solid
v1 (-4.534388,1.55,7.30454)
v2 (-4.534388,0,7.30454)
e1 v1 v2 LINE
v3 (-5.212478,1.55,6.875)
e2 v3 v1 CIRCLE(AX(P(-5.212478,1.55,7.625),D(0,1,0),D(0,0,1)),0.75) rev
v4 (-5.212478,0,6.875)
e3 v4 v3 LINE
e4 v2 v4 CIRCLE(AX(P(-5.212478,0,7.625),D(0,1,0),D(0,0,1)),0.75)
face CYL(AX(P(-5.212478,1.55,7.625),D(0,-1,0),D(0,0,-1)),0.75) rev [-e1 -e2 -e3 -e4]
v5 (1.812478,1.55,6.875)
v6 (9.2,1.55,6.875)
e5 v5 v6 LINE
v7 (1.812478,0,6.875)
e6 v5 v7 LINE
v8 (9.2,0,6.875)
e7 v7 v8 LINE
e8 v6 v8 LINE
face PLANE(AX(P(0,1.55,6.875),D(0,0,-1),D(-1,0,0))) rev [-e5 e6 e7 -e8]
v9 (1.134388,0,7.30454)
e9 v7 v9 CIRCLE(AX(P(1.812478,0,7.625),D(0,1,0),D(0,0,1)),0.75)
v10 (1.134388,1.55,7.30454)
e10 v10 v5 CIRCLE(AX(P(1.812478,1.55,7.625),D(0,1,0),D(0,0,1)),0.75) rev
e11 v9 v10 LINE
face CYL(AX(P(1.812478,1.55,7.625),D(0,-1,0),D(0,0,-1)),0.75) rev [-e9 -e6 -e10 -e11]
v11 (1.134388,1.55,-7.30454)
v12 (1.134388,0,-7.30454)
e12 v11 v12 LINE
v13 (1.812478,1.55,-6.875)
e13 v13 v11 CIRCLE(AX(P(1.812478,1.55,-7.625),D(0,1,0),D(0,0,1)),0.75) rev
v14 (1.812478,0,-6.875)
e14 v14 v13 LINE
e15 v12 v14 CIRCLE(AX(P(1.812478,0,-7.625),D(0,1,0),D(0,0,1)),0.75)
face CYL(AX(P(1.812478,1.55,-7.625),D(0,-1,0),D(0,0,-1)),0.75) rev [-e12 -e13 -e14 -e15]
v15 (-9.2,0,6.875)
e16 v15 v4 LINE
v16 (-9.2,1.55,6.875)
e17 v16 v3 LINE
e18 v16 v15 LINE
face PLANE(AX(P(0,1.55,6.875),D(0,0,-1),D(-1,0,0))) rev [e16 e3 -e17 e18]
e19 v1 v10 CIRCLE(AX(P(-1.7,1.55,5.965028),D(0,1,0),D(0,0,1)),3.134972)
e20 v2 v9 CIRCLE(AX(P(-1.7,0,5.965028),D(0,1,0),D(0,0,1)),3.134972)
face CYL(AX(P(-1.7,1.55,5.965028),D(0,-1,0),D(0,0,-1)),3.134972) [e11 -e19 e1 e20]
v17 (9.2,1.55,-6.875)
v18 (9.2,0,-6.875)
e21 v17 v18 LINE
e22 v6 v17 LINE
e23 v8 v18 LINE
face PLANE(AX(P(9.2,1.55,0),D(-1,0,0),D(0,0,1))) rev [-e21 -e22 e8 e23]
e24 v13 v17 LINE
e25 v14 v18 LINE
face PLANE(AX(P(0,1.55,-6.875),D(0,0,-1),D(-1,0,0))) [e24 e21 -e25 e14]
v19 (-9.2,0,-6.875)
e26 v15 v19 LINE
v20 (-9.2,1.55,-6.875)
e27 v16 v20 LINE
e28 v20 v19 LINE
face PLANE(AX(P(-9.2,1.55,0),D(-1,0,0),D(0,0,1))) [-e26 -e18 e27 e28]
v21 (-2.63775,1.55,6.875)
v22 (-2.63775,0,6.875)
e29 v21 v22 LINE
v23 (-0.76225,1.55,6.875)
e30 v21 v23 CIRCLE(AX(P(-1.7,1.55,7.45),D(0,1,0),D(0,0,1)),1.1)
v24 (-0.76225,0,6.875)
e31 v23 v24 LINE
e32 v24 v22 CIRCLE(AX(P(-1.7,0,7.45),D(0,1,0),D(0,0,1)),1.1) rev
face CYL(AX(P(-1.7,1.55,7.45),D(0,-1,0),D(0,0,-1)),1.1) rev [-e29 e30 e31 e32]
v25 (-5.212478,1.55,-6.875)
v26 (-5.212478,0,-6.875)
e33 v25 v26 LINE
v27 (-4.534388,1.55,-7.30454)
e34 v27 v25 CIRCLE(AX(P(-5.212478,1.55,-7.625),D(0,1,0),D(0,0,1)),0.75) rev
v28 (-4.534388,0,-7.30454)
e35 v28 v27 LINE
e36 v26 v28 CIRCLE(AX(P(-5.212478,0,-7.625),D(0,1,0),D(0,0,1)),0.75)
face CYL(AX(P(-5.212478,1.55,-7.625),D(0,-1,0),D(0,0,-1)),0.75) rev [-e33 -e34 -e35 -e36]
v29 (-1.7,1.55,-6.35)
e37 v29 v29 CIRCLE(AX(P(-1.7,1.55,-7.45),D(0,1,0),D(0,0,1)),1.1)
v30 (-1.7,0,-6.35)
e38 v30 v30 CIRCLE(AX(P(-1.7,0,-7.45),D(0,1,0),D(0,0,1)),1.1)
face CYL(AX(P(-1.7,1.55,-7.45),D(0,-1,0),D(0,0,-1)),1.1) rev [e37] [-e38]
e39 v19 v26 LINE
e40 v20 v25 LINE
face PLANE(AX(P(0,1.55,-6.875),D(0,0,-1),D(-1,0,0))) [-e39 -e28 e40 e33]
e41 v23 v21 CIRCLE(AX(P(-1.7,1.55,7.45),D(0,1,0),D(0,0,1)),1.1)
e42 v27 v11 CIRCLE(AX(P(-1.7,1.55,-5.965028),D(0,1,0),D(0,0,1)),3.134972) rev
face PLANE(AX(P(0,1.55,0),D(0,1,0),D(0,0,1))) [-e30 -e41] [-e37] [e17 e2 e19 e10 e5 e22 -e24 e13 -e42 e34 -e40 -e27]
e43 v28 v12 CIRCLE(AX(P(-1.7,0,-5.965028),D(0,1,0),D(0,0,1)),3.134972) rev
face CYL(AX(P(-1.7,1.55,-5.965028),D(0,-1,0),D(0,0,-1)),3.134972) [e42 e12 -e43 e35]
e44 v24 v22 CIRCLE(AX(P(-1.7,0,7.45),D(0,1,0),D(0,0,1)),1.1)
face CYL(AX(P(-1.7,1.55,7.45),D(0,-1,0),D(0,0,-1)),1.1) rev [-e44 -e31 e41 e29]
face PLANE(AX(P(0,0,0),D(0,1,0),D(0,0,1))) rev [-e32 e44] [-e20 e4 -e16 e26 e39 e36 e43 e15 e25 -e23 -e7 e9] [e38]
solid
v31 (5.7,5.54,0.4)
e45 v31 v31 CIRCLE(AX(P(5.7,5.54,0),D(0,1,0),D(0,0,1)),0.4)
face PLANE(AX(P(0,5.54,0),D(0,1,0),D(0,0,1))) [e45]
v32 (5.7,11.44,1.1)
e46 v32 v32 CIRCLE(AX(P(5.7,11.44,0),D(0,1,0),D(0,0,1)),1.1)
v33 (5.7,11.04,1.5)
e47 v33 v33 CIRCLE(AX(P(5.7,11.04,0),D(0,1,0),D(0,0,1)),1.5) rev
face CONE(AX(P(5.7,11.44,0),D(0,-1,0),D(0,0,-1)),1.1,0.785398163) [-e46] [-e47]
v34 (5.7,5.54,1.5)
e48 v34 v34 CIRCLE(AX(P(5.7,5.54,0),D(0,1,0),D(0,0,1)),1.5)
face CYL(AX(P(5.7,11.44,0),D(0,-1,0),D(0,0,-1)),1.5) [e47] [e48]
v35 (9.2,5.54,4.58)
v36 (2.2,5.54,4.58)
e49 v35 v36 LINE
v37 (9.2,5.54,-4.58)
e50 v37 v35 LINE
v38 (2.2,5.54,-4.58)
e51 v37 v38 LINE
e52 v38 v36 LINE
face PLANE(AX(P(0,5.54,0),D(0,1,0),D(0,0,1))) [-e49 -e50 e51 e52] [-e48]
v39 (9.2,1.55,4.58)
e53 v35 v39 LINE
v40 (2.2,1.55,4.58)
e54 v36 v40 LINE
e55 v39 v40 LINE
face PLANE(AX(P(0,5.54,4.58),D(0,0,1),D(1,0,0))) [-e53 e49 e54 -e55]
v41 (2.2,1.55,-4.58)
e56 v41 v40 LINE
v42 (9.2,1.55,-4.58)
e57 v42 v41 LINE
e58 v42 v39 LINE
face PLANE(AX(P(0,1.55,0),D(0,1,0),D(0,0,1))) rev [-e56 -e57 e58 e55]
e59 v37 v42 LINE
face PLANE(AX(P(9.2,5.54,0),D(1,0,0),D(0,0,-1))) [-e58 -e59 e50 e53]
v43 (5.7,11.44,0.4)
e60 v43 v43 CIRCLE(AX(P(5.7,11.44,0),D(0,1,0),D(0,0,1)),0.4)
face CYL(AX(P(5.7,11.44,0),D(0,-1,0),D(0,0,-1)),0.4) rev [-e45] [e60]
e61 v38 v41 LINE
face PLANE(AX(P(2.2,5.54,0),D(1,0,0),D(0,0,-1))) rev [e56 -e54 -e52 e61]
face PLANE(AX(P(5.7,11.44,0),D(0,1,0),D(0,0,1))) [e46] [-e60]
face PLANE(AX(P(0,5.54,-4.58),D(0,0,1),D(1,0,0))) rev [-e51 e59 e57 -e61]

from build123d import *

# Parameters (mm, degrees)
SKETCH1_R           = 1.1
BOSS_EXTRUDE1_DEPTH = 1.55
BOSS_EXTRUDE2_START = 1.55
SKETCH1_3_W         = 7
SKETCH1_3_H         = 9.16
SKETCH1_3_R         = 1.5
SKETCH1_3_R_2       = 0.4
BOSS_EXTRUDE2_DEPTH = 3.99
BOSS_EXTRUDE3_START = 5.54
SKETCH1_4_R         = 1.5
SKETCH1_4_R_2       = 0.4
BOSS_EXTRUDE3_DEPTH = 5.9
CHAMFER1_SIZE       = 0.4
FILLET1_R           = 0.75


with BuildPart() as part:
    # Sketch1 → Boss-Extrude1 (new body)
    with BuildSketch(Plane(origin=(0, 0, 0), x_dir=(1, 0, 0), z_dir=(0, 1, 0))):
        with BuildLine():
            Line((-9.2, 6.875), (-9.2, -6.875))
            Line((-9.2, -6.875), (-4.7, -6.875))
            ThreePointArc((-4.7, -6.875), (-1.7, -9.1), (1.3, -6.875))
            Line((1.3, -6.875), (9.2, -6.875))
            Line((9.2, -6.875), (9.2, 6.875))
            Line((9.2, 6.875), (1.3, 6.875))
            ThreePointArc((1.3, 6.875), (-1.7, 9.1), (-4.7, 6.875))
            Line((-4.7, 6.875), (-9.2, 6.875))
        make_face()
        with Locations((-1.7, 7.45)):
            Circle(SKETCH1_R, mode=Mode.SUBTRACT)
        with Locations((-1.7, -7.45)):
            Circle(SKETCH1_R, mode=Mode.SUBTRACT)
    extrude(amount=BOSS_EXTRUDE1_DEPTH)

    # Fillet1
    fillet1_edges = [part.edges().sort_by_distance(p)[0] for p in [
        (-4.7, 0.775, 6.875),
        (-4.7, 0.775, -6.875),
        (1.3, 0.775, -6.875),
        (1.3, 0.775, 6.875),
    ]]
    fillet(fillet1_edges, radius=FILLET1_R)


with BuildPart() as body_2:
    # Sketch1<3> → Boss-Extrude2 (new body)
    with BuildSketch(Plane(origin=(0, 0, 0), x_dir=(1, 0, 0), z_dir=(0, 1, 0)).offset(BOSS_EXTRUDE2_START)):
        with Locations((5.7, 0)):
            Rectangle(SKETCH1_3_W, SKETCH1_3_H)
        with Locations((5.7, 0)):
            Circle(SKETCH1_3_R, mode=Mode.SUBTRACT)
        with Locations((5.7, 0)):
            Circle(SKETCH1_3_R)
        with Locations((5.7, 0)):
            Circle(SKETCH1_3_R_2, mode=Mode.SUBTRACT)
        with Locations((5.7, 0)):
            Circle(SKETCH1_3_R_2)
    extrude(amount=BOSS_EXTRUDE2_DEPTH)

    # Sketch1<4> → Boss-Extrude3 (add)
    with BuildSketch(Plane(origin=(0, 0, 0), x_dir=(1, 0, 0), z_dir=(0, 1, 0)).offset(BOSS_EXTRUDE3_START)):
        with Locations((5.7, 0)):
            Circle(SKETCH1_4_R)
        with Locations((5.7, 0)):
            Circle(SKETCH1_4_R_2, mode=Mode.SUBTRACT)
    extrude(amount=BOSS_EXTRUDE3_DEPTH)

    # Chamfer1
    chamfer1_edges = [body_2.edges().sort_by_distance(p)[0] for p in [
        (4.2, 11.44, 0),
    ]]
    chamfer(chamfer1_edges, length=CHAMFER1_SIZE)


solid = Compound([part.part, body_2.part])
